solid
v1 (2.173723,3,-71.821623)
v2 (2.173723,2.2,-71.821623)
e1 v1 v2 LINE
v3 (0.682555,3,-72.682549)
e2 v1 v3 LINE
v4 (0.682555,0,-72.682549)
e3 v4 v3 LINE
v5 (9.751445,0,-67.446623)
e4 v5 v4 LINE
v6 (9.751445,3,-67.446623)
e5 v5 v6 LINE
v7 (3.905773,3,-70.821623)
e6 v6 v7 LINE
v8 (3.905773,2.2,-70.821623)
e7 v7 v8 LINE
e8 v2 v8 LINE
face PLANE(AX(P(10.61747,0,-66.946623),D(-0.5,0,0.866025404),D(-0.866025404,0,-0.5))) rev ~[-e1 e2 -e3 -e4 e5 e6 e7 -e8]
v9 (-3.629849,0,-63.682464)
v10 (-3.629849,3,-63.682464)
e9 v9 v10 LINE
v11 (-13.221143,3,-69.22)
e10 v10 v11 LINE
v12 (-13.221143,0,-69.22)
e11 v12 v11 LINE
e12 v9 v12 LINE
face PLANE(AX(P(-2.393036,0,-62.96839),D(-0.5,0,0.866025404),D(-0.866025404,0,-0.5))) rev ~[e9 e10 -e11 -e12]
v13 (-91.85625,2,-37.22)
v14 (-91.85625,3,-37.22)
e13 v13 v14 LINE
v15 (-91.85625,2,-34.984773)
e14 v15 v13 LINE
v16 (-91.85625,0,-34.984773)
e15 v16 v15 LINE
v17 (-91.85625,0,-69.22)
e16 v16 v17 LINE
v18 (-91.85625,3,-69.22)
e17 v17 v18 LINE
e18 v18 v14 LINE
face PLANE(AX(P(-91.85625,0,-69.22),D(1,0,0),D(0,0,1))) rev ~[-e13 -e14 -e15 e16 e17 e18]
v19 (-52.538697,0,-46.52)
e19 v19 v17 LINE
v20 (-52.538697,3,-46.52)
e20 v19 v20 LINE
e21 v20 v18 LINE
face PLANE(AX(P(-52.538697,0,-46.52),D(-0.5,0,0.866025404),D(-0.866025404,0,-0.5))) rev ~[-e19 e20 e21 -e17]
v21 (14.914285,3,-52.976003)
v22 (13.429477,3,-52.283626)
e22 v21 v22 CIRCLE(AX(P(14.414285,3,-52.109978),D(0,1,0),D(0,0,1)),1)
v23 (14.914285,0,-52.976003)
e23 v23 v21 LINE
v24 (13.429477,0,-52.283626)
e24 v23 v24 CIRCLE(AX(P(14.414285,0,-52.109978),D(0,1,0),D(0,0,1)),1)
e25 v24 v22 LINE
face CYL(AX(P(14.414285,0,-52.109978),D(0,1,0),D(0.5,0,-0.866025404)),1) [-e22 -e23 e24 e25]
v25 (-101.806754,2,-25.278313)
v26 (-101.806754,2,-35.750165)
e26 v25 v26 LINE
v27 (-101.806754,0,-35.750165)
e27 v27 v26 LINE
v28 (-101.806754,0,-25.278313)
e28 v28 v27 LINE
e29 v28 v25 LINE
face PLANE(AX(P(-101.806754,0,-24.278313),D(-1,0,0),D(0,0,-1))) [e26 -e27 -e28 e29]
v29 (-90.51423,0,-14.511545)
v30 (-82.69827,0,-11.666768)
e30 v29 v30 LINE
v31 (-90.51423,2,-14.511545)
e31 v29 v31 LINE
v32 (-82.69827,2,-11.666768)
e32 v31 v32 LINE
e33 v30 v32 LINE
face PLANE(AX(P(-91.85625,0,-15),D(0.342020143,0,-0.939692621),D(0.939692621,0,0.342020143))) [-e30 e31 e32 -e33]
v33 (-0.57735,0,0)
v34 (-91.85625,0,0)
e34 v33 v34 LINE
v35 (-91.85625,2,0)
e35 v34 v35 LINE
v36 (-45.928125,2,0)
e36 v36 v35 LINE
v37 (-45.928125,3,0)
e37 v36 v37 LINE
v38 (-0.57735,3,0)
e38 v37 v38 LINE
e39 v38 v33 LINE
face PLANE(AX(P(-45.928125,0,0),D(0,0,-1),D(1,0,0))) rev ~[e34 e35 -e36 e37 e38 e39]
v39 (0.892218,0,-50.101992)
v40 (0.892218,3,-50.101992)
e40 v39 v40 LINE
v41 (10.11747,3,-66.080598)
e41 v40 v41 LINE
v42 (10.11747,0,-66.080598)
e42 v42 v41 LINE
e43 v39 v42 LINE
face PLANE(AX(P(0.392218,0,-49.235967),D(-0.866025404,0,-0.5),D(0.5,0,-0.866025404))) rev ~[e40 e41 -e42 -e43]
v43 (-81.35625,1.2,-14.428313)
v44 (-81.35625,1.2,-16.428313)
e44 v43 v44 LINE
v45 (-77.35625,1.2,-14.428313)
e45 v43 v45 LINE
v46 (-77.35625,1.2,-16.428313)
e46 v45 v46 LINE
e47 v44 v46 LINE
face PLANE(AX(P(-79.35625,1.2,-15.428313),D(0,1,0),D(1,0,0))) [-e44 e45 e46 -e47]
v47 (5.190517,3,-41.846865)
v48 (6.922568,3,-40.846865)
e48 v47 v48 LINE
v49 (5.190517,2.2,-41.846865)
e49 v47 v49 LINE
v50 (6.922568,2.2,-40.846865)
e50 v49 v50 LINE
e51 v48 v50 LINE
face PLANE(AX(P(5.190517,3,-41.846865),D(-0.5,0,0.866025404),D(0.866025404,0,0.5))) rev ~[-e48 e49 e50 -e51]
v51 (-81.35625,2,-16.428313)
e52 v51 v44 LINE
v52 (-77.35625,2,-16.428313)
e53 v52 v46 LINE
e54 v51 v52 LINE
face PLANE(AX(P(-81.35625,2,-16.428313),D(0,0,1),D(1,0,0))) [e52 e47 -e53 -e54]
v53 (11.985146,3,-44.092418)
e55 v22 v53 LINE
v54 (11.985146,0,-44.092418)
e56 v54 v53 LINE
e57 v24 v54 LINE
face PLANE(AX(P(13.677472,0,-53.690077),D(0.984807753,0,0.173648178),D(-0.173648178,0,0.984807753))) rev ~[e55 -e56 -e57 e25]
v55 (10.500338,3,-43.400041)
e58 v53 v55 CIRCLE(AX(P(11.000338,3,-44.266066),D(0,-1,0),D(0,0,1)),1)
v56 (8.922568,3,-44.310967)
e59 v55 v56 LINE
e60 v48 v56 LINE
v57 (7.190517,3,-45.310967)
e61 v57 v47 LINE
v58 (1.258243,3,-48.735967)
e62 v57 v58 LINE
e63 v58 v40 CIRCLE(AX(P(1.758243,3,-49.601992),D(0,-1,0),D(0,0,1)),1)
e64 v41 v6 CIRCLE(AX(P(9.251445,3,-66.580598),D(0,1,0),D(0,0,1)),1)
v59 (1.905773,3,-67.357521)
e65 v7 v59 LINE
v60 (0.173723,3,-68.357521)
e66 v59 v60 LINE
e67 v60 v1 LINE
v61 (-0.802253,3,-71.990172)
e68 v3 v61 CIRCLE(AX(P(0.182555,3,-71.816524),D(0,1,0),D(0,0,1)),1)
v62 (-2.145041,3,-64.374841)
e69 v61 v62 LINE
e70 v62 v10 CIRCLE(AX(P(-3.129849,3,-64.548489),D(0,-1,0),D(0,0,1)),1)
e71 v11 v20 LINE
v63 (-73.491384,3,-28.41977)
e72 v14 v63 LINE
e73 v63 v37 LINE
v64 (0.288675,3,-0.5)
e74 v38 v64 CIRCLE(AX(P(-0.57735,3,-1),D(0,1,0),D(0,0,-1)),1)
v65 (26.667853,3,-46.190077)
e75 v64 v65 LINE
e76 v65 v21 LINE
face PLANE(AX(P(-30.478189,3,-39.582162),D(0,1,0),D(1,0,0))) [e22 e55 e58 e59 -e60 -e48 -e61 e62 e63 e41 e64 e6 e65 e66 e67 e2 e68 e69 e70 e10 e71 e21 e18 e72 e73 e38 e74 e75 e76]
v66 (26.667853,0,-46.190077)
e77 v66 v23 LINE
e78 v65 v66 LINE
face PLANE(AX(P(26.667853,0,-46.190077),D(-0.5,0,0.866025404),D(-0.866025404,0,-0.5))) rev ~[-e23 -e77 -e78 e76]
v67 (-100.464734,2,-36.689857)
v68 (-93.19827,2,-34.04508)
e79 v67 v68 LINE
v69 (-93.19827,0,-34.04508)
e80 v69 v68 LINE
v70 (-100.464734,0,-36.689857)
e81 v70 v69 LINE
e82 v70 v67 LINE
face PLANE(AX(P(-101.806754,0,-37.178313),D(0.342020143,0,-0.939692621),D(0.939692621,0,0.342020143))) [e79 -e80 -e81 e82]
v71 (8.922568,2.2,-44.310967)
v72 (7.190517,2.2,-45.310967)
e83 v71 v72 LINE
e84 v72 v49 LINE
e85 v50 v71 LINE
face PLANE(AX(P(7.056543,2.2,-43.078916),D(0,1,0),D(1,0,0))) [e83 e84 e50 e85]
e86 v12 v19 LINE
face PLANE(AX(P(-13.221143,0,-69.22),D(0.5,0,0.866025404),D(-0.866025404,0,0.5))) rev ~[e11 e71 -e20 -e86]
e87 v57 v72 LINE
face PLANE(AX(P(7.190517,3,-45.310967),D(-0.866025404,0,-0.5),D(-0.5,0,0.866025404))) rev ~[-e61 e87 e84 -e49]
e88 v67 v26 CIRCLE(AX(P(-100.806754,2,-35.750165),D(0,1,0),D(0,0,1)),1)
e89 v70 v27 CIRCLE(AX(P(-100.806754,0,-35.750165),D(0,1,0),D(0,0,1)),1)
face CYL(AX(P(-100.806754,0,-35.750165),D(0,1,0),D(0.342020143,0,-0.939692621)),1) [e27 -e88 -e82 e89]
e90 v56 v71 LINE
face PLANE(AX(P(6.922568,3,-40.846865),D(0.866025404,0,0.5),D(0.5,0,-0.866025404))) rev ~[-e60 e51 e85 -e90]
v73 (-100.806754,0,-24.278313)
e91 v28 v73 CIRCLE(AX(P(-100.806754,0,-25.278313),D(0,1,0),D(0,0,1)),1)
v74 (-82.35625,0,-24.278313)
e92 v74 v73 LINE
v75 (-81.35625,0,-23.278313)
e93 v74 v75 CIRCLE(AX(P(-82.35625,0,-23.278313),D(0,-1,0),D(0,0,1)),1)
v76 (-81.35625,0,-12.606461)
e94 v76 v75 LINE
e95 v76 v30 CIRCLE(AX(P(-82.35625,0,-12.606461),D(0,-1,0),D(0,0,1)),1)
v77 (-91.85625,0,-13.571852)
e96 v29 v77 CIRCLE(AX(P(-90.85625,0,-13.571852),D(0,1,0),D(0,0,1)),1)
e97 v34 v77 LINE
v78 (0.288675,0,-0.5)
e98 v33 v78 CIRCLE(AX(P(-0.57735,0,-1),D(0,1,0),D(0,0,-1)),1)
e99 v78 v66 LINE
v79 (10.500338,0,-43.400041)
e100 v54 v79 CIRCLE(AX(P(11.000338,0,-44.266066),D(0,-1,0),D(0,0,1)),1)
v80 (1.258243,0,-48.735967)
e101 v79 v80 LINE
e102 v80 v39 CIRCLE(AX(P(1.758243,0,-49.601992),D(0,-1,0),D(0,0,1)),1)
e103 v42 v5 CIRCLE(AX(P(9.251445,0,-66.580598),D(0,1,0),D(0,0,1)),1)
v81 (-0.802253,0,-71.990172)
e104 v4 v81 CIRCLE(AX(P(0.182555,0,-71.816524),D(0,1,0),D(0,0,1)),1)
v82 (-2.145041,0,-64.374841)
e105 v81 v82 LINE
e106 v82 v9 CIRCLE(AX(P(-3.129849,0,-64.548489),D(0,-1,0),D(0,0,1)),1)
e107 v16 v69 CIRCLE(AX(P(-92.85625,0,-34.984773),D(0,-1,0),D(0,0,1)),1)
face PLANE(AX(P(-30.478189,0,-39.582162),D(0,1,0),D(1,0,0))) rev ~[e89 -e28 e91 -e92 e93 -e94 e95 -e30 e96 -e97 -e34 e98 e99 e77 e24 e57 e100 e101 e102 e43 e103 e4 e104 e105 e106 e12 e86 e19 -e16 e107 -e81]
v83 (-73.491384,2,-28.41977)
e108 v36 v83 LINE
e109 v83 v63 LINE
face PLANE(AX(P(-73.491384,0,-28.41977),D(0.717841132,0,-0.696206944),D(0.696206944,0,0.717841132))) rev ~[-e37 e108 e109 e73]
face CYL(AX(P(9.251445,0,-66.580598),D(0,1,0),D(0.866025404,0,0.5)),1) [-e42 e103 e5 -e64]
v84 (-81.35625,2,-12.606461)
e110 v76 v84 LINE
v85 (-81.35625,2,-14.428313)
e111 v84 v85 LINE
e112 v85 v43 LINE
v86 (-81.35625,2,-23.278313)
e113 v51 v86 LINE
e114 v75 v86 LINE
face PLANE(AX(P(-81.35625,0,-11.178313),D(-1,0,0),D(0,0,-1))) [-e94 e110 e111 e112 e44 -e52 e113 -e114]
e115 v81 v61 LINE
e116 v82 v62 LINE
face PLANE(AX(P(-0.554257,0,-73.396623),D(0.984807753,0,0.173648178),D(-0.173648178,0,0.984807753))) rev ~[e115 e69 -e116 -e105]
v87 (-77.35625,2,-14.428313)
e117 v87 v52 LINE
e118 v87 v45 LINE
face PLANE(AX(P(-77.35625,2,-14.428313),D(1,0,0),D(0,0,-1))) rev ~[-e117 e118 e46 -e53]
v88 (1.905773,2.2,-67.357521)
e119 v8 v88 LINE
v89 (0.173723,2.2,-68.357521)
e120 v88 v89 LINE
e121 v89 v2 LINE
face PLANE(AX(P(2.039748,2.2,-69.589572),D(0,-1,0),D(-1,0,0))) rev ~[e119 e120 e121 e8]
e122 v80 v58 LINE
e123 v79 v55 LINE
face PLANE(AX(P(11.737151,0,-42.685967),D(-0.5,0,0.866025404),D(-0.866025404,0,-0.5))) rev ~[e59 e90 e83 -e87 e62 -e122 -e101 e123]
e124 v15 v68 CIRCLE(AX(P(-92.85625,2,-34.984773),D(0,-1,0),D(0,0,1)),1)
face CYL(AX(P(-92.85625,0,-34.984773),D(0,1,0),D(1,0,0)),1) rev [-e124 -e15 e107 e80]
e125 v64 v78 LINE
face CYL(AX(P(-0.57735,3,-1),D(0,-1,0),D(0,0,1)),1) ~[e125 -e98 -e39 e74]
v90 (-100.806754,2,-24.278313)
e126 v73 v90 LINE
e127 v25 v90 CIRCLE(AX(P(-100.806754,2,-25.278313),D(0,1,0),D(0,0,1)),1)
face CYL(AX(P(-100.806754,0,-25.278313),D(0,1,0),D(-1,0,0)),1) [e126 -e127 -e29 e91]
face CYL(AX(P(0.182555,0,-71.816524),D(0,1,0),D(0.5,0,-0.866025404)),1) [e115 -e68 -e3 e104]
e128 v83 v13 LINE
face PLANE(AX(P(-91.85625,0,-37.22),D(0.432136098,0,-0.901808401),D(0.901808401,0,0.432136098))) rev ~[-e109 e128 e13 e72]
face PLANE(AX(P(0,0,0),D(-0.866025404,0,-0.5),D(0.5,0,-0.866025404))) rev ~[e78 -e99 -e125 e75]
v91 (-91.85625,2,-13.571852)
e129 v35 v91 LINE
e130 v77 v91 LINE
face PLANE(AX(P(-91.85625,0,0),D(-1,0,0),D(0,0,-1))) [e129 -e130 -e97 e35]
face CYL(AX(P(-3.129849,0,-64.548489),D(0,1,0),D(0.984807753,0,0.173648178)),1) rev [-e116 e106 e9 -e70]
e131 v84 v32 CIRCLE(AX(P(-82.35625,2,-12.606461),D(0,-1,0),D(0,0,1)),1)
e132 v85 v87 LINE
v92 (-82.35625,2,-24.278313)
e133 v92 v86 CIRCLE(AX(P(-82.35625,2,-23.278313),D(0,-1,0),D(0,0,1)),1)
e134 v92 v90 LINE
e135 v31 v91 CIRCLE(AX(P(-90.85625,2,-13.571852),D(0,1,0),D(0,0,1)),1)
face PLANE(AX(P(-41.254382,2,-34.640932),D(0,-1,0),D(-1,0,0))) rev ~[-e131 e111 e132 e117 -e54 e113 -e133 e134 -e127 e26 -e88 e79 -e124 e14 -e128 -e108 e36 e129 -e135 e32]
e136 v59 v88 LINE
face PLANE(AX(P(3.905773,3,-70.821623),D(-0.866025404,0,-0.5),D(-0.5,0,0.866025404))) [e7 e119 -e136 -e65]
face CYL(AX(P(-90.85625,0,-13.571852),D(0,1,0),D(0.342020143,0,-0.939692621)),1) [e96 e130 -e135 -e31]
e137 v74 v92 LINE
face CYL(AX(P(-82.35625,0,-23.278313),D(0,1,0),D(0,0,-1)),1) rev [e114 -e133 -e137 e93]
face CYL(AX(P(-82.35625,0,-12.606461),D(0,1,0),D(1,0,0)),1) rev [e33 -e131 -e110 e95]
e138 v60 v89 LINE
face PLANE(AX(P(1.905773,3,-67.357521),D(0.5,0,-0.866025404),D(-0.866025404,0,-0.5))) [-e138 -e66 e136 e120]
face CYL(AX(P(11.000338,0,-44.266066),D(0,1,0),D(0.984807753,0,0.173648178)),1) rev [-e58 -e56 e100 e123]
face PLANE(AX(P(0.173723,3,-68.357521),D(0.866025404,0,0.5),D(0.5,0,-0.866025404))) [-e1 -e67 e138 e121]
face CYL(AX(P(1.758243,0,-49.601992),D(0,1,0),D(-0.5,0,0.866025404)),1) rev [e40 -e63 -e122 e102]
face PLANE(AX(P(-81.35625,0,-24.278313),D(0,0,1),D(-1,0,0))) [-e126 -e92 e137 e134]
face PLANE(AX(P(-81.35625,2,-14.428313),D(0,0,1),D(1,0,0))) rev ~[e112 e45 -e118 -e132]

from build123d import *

# Parameters (mm, degrees)
P_IDAT_VYSUNUT_M1_DEPTH  = 3
P_IDAT_VYSUNUT_M2_DEPTH  = 2
ZAOBLIT1_R               = 1
SKICA3_W                 = 4
SKICA3_H                 = 2
ODEBRAT_VYSUNUT_M1_DEPTH = 0.8
ODEBRAT_VYSUNUT_M2_DEPTH = 0.8


with BuildPart() as part:
    # Skica1 → P_idat vysunut_m1 (new body)
    with BuildSketch(Plane(origin=(0, 0, 0), x_dir=(1, 0, 0), z_dir=(0, 1, 0))):
        Polygon((26.667853432, 46.190077074), (13.677472376, 53.690077074), (11.737150801, 42.685966604), (0.392218012, 49.235966604), (10.61747027, 66.946623035), (-0.554257439, 73.396623035), (-2.393036353, 62.968389614), (-13.22114317, 69.22), (-52.538696502, 46.52), (-91.856249834, 69.22), (-91.856249834, 37.22), (-73.49138407, 28.419769911), (-45.928124917, 0), (0, 0), align=None)
    extrude(amount=P_IDAT_VYSUNUT_M1_DEPTH)

    # Skica1_15 → P_idat vysunut_m2 (add)
    with BuildSketch(Plane(origin=(0, 0, 0), x_dir=(1, 0, 0), z_dir=(0, 1, 0))):
        Polygon((-91.856249834, 0), (-45.928124917, 0), (-73.49138407, 28.419769911), (-91.856249834, 37.22), (-91.856249834, 33.55662508), (-101.80675435, 37.17831254), (-101.80675435, 24.27831254), (-81.356249834, 24.27831254), (-81.356249834, 11.17831254), (-91.856249834, 15), align=None)
    extrude(amount=P_IDAT_VYSUNUT_M2_DEPTH)

    # Zaoblit1
    zaoblit1_edges = [part.edges().sort_by_distance(p)[0] for p in [
        (-81.356249834, 1, -11.17831254),
        (-91.856249834, 1, -15),
        (-81.356249834, 1, -24.27831254),
        (-101.80675435, 1, -24.27831254),
        (-101.80675435, 1, -37.17831254),
        (-91.856249834, 1, -33.55662508),
        (0, 1.5, 0),
        (13.677472376, 1.5, -53.690077074),
        (11.737150801, 1.5, -42.685966604),
        (0.392218012, 1.5, -49.235966604),
        (-2.393036353, 1.5, -62.968389614),
        (-0.554257439, 1.5, -73.396623035),
        (10.61747027, 1.5, -66.946623035),
    ]]
    fillet(zaoblit1_edges, radius=ZAOBLIT1_R)

    # Skica3 → Odebrat vysunut_m1 (cut)
    with BuildSketch(Plane(origin=(0, 2, 0), x_dir=(1, 0, 0), z_dir=(0, 1, 0))):
        with Locations((-79.356249834, 15.42831254)):
            Rectangle(SKICA3_W, SKICA3_H)
    extrude(amount=-ODEBRAT_VYSUNUT_M1_DEPTH, mode=Mode.SUBTRACT)

    # Skica4 → Odebrat vysunut_m2 (cut)
    with BuildSketch(Plane(origin=(0, 3, 0), x_dir=(1, 0, 0), z_dir=(0, 1, 0))):
        Polygon((7.190517431, 45.310966604), (5.190517431, 41.846864989), (6.922568239, 40.846864989), (8.922568239, 44.310966604), align=None)
        Polygon((0.173722583, 68.35752142), (2.173722583, 71.821623035), (3.90577339, 70.821623035), (1.90577339, 67.35752142), align=None)
    extrude(amount=-ODEBRAT_VYSUNUT_M2_DEPTH, mode=Mode.SUBTRACT)


solid = part.part
